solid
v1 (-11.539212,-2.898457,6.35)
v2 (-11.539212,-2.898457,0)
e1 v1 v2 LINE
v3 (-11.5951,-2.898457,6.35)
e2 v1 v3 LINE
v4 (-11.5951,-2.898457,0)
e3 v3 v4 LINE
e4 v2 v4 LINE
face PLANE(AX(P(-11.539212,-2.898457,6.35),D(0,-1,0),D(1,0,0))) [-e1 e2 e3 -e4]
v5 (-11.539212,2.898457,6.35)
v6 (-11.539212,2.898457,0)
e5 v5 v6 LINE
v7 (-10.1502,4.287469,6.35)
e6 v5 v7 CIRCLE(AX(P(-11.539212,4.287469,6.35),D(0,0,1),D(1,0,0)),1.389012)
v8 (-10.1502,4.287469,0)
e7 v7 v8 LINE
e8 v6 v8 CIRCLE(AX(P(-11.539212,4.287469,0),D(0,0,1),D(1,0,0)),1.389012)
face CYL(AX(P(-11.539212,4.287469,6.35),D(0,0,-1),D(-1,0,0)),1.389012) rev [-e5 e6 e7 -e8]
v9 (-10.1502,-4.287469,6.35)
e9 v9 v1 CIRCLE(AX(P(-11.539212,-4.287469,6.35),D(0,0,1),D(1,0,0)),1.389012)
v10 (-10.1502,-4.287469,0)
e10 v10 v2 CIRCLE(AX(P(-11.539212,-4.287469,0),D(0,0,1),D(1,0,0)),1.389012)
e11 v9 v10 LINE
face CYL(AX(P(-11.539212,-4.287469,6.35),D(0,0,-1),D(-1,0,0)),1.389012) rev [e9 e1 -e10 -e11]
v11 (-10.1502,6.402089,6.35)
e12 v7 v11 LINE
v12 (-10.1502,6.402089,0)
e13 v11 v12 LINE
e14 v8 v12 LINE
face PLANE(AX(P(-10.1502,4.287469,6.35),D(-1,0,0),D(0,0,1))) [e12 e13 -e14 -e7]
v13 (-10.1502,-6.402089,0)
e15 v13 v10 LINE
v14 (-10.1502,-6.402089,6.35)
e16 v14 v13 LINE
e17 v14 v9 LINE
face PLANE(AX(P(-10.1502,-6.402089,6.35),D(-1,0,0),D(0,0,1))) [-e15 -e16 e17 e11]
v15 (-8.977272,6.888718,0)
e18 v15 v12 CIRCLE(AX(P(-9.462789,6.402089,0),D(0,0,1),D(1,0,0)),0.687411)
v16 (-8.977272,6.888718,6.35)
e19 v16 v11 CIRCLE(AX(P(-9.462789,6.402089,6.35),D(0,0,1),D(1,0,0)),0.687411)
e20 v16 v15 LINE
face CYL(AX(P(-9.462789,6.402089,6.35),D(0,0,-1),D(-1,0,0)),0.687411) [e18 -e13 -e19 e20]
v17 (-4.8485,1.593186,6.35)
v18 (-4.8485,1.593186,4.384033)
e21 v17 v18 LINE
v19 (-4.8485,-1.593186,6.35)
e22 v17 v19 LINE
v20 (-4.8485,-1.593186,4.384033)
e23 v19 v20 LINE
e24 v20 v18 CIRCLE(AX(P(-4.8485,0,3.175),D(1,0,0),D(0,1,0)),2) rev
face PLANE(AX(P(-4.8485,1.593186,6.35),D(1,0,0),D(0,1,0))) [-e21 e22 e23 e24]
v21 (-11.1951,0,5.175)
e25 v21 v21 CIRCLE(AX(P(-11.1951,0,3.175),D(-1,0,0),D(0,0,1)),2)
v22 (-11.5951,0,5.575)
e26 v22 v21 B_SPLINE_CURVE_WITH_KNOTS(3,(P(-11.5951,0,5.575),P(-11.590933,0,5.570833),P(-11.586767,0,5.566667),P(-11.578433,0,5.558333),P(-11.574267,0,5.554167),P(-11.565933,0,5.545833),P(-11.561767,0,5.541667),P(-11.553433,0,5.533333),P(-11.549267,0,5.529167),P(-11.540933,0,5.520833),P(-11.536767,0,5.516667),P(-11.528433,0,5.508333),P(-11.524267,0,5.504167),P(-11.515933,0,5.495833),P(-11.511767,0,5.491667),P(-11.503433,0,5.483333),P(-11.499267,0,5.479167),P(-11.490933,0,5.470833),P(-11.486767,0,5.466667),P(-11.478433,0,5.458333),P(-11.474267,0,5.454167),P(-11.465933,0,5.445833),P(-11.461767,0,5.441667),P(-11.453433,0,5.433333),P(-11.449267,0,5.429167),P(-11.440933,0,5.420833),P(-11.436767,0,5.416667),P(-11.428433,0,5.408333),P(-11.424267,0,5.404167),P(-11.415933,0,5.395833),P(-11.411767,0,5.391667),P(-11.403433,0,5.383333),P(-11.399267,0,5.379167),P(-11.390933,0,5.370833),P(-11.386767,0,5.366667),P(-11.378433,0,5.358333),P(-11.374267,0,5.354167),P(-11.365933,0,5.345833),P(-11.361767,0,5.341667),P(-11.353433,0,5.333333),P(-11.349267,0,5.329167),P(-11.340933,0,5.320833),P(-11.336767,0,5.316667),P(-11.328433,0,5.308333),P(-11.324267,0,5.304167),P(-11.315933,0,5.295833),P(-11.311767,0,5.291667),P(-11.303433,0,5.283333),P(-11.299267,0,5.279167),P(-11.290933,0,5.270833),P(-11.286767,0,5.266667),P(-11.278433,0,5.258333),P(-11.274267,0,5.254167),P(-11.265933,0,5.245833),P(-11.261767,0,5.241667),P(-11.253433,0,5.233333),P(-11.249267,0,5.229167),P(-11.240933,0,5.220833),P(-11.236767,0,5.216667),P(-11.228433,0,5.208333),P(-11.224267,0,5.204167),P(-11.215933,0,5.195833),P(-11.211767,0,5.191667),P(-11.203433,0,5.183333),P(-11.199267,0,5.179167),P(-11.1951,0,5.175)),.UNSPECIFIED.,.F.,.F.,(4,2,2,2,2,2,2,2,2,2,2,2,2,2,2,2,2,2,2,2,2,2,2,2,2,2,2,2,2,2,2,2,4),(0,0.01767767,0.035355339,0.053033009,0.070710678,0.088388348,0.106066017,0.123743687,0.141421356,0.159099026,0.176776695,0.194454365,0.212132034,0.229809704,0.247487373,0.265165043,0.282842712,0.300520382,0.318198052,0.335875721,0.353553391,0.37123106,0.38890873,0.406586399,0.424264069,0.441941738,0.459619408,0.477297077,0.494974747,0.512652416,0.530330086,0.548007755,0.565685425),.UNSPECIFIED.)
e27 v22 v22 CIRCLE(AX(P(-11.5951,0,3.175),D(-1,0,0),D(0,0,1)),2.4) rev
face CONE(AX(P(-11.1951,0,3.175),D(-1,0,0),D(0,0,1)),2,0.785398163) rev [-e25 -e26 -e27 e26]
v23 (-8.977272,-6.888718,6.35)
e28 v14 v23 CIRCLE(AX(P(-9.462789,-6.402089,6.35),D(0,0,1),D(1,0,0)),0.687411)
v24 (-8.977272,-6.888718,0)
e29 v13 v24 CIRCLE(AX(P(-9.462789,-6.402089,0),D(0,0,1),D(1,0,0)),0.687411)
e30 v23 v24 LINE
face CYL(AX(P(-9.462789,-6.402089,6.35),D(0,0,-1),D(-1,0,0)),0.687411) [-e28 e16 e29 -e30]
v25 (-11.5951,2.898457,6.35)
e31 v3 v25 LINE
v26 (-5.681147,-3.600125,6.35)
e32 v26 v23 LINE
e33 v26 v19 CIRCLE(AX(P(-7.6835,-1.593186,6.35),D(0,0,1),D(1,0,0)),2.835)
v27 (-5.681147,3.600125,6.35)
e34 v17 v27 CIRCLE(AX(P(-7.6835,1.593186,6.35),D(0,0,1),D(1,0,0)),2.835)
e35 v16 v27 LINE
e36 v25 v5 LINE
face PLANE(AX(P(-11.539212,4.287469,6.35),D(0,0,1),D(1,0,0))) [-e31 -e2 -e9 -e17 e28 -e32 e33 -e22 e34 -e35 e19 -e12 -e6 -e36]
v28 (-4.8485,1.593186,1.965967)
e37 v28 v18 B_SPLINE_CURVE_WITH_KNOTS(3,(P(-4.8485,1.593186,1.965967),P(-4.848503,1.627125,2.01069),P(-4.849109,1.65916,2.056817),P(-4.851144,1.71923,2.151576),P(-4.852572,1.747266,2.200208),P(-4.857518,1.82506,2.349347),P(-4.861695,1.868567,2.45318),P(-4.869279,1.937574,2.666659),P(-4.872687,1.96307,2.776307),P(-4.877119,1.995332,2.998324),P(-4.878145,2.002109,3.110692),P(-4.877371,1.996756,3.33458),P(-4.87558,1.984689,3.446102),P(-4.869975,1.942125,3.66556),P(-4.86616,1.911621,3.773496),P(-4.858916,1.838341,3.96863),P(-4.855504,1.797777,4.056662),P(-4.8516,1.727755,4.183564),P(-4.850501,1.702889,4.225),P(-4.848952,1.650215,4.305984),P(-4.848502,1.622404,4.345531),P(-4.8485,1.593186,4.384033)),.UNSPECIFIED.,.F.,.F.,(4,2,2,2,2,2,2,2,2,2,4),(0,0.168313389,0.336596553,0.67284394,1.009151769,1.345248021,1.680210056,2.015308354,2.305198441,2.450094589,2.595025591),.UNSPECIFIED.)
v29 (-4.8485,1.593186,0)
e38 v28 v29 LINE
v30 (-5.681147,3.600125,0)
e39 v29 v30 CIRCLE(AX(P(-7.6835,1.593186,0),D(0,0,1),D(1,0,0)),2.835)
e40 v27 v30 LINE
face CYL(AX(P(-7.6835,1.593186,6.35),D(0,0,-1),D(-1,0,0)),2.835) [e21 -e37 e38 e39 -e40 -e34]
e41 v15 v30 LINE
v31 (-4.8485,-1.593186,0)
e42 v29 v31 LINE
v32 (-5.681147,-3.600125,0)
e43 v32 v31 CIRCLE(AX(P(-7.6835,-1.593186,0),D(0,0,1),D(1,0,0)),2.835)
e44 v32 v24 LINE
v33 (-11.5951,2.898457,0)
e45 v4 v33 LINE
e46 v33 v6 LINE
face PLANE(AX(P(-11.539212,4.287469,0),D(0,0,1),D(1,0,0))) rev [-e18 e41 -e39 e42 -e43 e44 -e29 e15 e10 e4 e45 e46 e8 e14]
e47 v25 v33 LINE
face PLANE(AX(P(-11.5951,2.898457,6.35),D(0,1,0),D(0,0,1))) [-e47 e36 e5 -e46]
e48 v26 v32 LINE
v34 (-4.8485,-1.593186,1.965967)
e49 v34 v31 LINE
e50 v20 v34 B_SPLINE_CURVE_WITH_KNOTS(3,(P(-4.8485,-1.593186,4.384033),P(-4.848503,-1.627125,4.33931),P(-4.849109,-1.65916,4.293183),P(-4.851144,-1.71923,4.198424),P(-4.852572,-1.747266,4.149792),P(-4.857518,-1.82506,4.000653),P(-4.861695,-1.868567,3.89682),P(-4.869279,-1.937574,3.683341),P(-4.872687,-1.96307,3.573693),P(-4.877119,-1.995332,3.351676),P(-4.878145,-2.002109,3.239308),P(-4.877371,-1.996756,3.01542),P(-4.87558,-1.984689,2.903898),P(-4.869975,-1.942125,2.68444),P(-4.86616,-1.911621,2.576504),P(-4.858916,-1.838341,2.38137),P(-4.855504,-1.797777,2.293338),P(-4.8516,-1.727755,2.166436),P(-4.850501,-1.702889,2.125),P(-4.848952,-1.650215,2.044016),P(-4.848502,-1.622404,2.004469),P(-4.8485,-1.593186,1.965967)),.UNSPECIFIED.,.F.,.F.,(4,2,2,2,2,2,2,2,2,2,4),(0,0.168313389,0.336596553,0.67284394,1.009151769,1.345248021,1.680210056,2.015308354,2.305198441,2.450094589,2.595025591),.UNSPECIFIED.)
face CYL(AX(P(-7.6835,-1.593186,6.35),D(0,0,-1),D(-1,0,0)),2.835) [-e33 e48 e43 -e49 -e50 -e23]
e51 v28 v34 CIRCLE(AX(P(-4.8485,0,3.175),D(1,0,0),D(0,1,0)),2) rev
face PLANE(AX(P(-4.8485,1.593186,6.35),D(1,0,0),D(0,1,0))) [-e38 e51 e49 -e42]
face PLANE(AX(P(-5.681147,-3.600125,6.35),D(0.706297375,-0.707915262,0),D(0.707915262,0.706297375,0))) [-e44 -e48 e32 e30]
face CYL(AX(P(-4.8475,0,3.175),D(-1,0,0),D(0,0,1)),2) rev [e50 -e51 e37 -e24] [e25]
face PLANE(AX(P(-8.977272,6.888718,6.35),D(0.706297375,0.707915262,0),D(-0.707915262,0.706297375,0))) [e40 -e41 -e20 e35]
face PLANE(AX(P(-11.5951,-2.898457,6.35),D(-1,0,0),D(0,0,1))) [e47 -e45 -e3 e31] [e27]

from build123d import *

# Parameters (mm, degrees)
BOSS_EXTRUDE1_DEPTH = 6.35
CUT_EXTRUDE1_REACH  = 13.666
SKETCH2_R           = 2
FILLET1_SIZE        = 0.4


with BuildPart() as part:
    # Sketch1 → Boss-Extrude1 (new body)
    with BuildSketch(Plane.XY):
        with BuildLine():
            Line((-11.5951, -2.898456882), (-11.5951, 2.898456882))
            Line((-11.5951, 2.898456882), (-11.539212407, 2.898456882))
            ThreePointArc((-11.539212407, 2.898456882), (-10.557032315, 3.305289197), (-10.1502, 4.287469289))
            Line((-10.1502, 4.287469289), (-10.1502, 6.402089023))
            ThreePointArc((-10.1502, 6.402089023), (-9.726213047, 7.037023378), (-8.977272455, 6.888717745))
            Line((-8.977272455, 6.888717745), (-5.681146941, 3.600125273))
            ThreePointArc((-5.681146941, 3.600125273), (-5.064922531, 2.679591066), (-4.8485, 1.593185507))
            Line((-4.8485, 1.593185507), (-4.8485, -1.593185507))
            ThreePointArc((-4.8485, -1.593185507), (-5.064922531, -2.679591066), (-5.681146941, -3.600125273))
            Line((-5.681146941, -3.600125273), (-8.977272455, -6.888717745))
            ThreePointArc((-8.977272455, -6.888717745), (-9.726213047, -7.037023378), (-10.1502, -6.402089023))
            Line((-10.1502, -6.402089023), (-10.1502, -4.287469289))
            ThreePointArc((-10.1502, -4.287469289), (-10.557032315, -3.305289197), (-11.539212407, -2.898456882))
            Line((-11.539212407, -2.898456882), (-11.5951, -2.898456882))
        make_face()
    extrude(amount=BOSS_EXTRUDE1_DEPTH)

    # Sketch2 → Cut-Extrude1 (cut, up to next)
    with BuildSketch(Plane.ZY.offset(11.5951), mode=Mode.PRIVATE) as cut_extrude1_sk1:
        with Locations((3.175, 0)):
            Circle(SKETCH2_R)
    cut_extrude1_tool1 = extrude(cut_extrude1_sk1.sketch, amount=-CUT_EXTRUDE1_REACH, mode=Mode.PRIVATE) & part.part
    add(cut_extrude1_tool1.solids().sort_by_distance((-11.5951, 0, 3.175))[0], mode=Mode.SUBTRACT)

    # Fillet1
    fillet1_edges = [part.edges().sort_by_distance(p)[0] for p in [
        (-11.5951, 0, 1.175),
    ]]
    chamfer(fillet1_edges, length=FILLET1_SIZE)


solid = part.part
